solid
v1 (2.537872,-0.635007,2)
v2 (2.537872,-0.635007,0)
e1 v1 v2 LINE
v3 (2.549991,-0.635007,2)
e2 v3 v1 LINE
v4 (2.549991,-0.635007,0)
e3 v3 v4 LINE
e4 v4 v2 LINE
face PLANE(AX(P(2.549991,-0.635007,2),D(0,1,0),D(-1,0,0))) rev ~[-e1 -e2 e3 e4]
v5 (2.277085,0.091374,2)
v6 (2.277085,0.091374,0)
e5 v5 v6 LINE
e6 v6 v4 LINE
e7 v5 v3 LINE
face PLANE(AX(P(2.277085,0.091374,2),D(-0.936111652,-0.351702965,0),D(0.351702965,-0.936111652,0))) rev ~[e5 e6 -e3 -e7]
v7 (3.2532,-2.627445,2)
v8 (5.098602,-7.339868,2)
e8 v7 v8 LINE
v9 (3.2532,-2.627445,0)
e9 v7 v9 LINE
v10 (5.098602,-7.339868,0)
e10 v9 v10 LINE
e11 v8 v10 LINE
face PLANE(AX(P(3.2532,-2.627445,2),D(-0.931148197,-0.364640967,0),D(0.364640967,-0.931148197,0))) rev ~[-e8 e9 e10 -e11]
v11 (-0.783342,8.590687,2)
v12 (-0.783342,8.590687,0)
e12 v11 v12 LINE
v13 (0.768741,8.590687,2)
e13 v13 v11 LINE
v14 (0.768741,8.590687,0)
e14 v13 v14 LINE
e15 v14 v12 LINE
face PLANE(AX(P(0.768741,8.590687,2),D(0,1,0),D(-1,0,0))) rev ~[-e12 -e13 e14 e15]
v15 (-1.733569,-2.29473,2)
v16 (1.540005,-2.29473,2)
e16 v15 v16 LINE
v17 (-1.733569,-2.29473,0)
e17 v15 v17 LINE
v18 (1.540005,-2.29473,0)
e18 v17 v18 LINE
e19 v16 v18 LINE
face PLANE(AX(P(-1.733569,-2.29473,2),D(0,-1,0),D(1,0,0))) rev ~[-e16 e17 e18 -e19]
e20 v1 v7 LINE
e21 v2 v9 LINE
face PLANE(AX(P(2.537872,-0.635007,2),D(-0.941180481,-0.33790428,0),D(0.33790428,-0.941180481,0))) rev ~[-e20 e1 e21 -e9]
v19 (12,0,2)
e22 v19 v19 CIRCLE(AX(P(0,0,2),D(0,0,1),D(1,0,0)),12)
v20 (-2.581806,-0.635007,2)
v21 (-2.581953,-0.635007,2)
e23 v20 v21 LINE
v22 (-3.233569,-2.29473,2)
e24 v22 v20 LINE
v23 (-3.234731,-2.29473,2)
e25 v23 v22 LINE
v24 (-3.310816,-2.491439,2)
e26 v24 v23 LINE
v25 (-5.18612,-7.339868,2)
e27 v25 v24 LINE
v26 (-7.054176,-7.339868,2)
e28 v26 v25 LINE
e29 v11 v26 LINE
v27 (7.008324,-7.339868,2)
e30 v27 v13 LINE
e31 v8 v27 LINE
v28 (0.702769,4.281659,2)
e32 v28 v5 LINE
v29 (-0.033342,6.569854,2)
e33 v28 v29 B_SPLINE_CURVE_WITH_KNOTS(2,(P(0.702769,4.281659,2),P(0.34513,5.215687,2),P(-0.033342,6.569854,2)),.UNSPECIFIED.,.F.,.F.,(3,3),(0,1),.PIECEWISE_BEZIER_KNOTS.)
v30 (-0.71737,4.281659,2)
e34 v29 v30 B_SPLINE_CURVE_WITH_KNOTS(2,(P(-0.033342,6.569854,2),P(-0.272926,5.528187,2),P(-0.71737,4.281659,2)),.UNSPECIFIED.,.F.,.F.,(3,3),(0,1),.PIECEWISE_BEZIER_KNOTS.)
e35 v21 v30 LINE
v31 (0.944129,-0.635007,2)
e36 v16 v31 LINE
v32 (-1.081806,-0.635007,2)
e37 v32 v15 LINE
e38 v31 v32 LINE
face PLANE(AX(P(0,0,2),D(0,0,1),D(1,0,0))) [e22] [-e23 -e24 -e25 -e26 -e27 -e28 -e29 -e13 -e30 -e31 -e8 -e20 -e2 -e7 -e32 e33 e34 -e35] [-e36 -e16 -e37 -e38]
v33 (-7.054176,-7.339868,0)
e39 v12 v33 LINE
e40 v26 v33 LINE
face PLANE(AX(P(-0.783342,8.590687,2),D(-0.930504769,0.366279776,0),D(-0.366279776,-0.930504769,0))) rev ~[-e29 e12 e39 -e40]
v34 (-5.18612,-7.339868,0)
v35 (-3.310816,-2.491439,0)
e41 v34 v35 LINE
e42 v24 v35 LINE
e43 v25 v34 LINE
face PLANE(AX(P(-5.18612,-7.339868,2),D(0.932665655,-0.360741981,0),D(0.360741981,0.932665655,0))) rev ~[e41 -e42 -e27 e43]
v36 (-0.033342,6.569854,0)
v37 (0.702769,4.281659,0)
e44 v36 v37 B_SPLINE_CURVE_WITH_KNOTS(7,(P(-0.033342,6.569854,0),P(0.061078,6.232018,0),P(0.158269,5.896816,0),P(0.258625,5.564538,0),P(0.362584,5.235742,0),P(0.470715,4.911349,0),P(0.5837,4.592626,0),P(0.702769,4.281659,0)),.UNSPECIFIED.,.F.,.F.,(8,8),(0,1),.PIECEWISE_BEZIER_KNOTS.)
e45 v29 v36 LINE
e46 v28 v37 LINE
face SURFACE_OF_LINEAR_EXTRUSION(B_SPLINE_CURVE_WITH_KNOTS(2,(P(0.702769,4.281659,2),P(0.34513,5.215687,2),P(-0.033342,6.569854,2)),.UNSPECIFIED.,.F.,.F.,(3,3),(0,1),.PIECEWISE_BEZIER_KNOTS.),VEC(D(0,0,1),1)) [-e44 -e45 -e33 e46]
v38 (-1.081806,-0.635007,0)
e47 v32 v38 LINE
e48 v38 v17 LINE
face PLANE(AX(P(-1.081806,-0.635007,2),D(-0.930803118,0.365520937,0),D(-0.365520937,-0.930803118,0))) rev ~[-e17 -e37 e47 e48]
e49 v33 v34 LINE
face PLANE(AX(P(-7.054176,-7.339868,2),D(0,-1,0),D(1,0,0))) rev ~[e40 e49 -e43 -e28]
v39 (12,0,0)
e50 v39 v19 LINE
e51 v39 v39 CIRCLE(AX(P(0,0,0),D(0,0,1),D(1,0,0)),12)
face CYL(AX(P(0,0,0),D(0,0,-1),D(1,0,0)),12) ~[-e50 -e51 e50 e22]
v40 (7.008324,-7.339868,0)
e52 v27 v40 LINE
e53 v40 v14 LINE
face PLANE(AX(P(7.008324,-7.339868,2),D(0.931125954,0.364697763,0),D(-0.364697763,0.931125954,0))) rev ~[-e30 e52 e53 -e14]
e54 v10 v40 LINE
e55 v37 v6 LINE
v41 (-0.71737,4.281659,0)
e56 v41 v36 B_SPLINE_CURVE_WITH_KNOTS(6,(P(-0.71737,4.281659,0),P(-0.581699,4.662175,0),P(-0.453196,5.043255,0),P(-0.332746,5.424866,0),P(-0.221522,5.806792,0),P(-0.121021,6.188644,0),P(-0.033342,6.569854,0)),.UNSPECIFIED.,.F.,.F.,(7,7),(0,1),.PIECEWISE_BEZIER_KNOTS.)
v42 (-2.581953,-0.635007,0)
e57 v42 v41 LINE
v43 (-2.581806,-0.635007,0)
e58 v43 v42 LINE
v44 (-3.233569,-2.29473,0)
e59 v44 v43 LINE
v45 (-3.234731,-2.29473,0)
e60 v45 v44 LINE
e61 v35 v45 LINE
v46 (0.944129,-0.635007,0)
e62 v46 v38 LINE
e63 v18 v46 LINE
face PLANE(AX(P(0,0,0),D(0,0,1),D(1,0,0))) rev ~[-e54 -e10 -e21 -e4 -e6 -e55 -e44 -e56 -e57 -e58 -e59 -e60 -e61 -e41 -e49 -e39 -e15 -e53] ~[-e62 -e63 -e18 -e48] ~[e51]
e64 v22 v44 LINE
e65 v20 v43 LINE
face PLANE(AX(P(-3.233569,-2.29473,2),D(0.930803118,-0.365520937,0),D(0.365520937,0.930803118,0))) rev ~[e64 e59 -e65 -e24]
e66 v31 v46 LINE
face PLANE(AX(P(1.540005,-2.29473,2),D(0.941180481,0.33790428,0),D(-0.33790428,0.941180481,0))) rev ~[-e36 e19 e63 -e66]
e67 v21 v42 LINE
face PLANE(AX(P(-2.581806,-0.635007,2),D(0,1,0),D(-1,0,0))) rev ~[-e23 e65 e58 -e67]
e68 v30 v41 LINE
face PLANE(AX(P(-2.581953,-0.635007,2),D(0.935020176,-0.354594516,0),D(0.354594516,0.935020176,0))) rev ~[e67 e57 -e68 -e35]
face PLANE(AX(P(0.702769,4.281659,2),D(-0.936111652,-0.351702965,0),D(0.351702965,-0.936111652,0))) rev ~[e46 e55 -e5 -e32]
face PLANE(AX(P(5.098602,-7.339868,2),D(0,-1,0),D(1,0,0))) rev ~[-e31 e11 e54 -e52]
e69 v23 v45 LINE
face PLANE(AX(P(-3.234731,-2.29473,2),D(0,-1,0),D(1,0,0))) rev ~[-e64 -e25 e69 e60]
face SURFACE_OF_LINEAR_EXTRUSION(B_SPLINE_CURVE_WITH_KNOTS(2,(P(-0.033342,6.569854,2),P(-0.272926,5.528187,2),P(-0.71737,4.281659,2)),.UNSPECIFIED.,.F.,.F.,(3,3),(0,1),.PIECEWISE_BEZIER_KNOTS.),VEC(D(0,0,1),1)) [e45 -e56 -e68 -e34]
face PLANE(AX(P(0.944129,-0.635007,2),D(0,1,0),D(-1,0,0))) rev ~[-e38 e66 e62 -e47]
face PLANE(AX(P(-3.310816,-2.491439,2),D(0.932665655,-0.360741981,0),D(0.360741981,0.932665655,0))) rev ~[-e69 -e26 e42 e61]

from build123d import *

# Parameters (mm, degrees)
F0_R     = 12
F1_DEPTH = 2
F3_DEPTH = 25


with BuildPart() as f1:
    # F0 (on Top) → F1 (new body)
    with BuildSketch(Plane.XY):
        Circle(F0_R)
    extrude(amount=F1_DEPTH)

    # F2 (on face) → F3 (cut)
    with BuildSketch(Plane.XY.offset(2)):
        Polygon((0.9441285923, -0.635007312), (-1.0818057465, -0.635007312), (-1.7335689496, -2.2947295342), (1.540004999, -2.2947295342), align=None)
        with BuildLine():
            Line((-3.2335689496, -2.2947295342), (-2.5818057465, -0.635007312))
            Line((-2.5818057465, -0.635007312), (-2.5819533685, -0.635007312))
            Line((-2.5819533685, -0.635007312), (-0.7173700352, 4.2816593546))
            add(Edge.make_bspline(
                [(-0.0333422574, 6.5698537991), (-0.2729255907, 5.5281871324), (-0.7173700352, 4.2816593546)],
                knots=[0, 0, 0, 1, 1, 1], degree=2))
            add(Edge.make_bspline(
                [(0.7027688537, 4.2816593546), (0.3451299648, 5.2156871324), (-0.0333422574, 6.5698537991)],
                knots=[0, 0, 0, 1, 1, 1], degree=2))
            Line((0.7027688537, 4.2816593546), (2.277085012, 0.0913742418))
            Line((2.277085012, 0.0913742418), (2.5499910759, -0.635007312))
            Line((2.5499910759, -0.635007312), (2.5378718017, -0.635007312))
            Line((2.5378718017, -0.635007312), (3.253200231, -2.6274447989))
            Line((3.253200231, -2.6274447989), (5.0986021871, -7.3398684231))
            Line((5.0986021871, -7.3398684231), (7.0083244093, -7.3398684231))
            Line((7.0083244093, -7.3398684231), (0.7687410759, 8.5906871324))
            Line((0.7687410759, 8.5906871324), (-0.7833422574, 8.5906871324))
            Line((-0.7833422574, 8.5906871324), (-7.0541755907, -7.3398684231))
            Line((-7.0541755907, -7.3398684231), (-5.1861200352, -7.3398684231))
            Line((-5.1861200352, -7.3398684231), (-3.3108156238, -2.4914390464))
            Line((-3.3108156238, -2.4914390464), (-3.2347311463, -2.2947295342))
            Line((-3.2347311463, -2.2947295342), (-3.2335689496, -2.2947295342))
        make_face()
    extrude(amount=-F3_DEPTH, mode=Mode.SUBTRACT)


solid = f1.part
